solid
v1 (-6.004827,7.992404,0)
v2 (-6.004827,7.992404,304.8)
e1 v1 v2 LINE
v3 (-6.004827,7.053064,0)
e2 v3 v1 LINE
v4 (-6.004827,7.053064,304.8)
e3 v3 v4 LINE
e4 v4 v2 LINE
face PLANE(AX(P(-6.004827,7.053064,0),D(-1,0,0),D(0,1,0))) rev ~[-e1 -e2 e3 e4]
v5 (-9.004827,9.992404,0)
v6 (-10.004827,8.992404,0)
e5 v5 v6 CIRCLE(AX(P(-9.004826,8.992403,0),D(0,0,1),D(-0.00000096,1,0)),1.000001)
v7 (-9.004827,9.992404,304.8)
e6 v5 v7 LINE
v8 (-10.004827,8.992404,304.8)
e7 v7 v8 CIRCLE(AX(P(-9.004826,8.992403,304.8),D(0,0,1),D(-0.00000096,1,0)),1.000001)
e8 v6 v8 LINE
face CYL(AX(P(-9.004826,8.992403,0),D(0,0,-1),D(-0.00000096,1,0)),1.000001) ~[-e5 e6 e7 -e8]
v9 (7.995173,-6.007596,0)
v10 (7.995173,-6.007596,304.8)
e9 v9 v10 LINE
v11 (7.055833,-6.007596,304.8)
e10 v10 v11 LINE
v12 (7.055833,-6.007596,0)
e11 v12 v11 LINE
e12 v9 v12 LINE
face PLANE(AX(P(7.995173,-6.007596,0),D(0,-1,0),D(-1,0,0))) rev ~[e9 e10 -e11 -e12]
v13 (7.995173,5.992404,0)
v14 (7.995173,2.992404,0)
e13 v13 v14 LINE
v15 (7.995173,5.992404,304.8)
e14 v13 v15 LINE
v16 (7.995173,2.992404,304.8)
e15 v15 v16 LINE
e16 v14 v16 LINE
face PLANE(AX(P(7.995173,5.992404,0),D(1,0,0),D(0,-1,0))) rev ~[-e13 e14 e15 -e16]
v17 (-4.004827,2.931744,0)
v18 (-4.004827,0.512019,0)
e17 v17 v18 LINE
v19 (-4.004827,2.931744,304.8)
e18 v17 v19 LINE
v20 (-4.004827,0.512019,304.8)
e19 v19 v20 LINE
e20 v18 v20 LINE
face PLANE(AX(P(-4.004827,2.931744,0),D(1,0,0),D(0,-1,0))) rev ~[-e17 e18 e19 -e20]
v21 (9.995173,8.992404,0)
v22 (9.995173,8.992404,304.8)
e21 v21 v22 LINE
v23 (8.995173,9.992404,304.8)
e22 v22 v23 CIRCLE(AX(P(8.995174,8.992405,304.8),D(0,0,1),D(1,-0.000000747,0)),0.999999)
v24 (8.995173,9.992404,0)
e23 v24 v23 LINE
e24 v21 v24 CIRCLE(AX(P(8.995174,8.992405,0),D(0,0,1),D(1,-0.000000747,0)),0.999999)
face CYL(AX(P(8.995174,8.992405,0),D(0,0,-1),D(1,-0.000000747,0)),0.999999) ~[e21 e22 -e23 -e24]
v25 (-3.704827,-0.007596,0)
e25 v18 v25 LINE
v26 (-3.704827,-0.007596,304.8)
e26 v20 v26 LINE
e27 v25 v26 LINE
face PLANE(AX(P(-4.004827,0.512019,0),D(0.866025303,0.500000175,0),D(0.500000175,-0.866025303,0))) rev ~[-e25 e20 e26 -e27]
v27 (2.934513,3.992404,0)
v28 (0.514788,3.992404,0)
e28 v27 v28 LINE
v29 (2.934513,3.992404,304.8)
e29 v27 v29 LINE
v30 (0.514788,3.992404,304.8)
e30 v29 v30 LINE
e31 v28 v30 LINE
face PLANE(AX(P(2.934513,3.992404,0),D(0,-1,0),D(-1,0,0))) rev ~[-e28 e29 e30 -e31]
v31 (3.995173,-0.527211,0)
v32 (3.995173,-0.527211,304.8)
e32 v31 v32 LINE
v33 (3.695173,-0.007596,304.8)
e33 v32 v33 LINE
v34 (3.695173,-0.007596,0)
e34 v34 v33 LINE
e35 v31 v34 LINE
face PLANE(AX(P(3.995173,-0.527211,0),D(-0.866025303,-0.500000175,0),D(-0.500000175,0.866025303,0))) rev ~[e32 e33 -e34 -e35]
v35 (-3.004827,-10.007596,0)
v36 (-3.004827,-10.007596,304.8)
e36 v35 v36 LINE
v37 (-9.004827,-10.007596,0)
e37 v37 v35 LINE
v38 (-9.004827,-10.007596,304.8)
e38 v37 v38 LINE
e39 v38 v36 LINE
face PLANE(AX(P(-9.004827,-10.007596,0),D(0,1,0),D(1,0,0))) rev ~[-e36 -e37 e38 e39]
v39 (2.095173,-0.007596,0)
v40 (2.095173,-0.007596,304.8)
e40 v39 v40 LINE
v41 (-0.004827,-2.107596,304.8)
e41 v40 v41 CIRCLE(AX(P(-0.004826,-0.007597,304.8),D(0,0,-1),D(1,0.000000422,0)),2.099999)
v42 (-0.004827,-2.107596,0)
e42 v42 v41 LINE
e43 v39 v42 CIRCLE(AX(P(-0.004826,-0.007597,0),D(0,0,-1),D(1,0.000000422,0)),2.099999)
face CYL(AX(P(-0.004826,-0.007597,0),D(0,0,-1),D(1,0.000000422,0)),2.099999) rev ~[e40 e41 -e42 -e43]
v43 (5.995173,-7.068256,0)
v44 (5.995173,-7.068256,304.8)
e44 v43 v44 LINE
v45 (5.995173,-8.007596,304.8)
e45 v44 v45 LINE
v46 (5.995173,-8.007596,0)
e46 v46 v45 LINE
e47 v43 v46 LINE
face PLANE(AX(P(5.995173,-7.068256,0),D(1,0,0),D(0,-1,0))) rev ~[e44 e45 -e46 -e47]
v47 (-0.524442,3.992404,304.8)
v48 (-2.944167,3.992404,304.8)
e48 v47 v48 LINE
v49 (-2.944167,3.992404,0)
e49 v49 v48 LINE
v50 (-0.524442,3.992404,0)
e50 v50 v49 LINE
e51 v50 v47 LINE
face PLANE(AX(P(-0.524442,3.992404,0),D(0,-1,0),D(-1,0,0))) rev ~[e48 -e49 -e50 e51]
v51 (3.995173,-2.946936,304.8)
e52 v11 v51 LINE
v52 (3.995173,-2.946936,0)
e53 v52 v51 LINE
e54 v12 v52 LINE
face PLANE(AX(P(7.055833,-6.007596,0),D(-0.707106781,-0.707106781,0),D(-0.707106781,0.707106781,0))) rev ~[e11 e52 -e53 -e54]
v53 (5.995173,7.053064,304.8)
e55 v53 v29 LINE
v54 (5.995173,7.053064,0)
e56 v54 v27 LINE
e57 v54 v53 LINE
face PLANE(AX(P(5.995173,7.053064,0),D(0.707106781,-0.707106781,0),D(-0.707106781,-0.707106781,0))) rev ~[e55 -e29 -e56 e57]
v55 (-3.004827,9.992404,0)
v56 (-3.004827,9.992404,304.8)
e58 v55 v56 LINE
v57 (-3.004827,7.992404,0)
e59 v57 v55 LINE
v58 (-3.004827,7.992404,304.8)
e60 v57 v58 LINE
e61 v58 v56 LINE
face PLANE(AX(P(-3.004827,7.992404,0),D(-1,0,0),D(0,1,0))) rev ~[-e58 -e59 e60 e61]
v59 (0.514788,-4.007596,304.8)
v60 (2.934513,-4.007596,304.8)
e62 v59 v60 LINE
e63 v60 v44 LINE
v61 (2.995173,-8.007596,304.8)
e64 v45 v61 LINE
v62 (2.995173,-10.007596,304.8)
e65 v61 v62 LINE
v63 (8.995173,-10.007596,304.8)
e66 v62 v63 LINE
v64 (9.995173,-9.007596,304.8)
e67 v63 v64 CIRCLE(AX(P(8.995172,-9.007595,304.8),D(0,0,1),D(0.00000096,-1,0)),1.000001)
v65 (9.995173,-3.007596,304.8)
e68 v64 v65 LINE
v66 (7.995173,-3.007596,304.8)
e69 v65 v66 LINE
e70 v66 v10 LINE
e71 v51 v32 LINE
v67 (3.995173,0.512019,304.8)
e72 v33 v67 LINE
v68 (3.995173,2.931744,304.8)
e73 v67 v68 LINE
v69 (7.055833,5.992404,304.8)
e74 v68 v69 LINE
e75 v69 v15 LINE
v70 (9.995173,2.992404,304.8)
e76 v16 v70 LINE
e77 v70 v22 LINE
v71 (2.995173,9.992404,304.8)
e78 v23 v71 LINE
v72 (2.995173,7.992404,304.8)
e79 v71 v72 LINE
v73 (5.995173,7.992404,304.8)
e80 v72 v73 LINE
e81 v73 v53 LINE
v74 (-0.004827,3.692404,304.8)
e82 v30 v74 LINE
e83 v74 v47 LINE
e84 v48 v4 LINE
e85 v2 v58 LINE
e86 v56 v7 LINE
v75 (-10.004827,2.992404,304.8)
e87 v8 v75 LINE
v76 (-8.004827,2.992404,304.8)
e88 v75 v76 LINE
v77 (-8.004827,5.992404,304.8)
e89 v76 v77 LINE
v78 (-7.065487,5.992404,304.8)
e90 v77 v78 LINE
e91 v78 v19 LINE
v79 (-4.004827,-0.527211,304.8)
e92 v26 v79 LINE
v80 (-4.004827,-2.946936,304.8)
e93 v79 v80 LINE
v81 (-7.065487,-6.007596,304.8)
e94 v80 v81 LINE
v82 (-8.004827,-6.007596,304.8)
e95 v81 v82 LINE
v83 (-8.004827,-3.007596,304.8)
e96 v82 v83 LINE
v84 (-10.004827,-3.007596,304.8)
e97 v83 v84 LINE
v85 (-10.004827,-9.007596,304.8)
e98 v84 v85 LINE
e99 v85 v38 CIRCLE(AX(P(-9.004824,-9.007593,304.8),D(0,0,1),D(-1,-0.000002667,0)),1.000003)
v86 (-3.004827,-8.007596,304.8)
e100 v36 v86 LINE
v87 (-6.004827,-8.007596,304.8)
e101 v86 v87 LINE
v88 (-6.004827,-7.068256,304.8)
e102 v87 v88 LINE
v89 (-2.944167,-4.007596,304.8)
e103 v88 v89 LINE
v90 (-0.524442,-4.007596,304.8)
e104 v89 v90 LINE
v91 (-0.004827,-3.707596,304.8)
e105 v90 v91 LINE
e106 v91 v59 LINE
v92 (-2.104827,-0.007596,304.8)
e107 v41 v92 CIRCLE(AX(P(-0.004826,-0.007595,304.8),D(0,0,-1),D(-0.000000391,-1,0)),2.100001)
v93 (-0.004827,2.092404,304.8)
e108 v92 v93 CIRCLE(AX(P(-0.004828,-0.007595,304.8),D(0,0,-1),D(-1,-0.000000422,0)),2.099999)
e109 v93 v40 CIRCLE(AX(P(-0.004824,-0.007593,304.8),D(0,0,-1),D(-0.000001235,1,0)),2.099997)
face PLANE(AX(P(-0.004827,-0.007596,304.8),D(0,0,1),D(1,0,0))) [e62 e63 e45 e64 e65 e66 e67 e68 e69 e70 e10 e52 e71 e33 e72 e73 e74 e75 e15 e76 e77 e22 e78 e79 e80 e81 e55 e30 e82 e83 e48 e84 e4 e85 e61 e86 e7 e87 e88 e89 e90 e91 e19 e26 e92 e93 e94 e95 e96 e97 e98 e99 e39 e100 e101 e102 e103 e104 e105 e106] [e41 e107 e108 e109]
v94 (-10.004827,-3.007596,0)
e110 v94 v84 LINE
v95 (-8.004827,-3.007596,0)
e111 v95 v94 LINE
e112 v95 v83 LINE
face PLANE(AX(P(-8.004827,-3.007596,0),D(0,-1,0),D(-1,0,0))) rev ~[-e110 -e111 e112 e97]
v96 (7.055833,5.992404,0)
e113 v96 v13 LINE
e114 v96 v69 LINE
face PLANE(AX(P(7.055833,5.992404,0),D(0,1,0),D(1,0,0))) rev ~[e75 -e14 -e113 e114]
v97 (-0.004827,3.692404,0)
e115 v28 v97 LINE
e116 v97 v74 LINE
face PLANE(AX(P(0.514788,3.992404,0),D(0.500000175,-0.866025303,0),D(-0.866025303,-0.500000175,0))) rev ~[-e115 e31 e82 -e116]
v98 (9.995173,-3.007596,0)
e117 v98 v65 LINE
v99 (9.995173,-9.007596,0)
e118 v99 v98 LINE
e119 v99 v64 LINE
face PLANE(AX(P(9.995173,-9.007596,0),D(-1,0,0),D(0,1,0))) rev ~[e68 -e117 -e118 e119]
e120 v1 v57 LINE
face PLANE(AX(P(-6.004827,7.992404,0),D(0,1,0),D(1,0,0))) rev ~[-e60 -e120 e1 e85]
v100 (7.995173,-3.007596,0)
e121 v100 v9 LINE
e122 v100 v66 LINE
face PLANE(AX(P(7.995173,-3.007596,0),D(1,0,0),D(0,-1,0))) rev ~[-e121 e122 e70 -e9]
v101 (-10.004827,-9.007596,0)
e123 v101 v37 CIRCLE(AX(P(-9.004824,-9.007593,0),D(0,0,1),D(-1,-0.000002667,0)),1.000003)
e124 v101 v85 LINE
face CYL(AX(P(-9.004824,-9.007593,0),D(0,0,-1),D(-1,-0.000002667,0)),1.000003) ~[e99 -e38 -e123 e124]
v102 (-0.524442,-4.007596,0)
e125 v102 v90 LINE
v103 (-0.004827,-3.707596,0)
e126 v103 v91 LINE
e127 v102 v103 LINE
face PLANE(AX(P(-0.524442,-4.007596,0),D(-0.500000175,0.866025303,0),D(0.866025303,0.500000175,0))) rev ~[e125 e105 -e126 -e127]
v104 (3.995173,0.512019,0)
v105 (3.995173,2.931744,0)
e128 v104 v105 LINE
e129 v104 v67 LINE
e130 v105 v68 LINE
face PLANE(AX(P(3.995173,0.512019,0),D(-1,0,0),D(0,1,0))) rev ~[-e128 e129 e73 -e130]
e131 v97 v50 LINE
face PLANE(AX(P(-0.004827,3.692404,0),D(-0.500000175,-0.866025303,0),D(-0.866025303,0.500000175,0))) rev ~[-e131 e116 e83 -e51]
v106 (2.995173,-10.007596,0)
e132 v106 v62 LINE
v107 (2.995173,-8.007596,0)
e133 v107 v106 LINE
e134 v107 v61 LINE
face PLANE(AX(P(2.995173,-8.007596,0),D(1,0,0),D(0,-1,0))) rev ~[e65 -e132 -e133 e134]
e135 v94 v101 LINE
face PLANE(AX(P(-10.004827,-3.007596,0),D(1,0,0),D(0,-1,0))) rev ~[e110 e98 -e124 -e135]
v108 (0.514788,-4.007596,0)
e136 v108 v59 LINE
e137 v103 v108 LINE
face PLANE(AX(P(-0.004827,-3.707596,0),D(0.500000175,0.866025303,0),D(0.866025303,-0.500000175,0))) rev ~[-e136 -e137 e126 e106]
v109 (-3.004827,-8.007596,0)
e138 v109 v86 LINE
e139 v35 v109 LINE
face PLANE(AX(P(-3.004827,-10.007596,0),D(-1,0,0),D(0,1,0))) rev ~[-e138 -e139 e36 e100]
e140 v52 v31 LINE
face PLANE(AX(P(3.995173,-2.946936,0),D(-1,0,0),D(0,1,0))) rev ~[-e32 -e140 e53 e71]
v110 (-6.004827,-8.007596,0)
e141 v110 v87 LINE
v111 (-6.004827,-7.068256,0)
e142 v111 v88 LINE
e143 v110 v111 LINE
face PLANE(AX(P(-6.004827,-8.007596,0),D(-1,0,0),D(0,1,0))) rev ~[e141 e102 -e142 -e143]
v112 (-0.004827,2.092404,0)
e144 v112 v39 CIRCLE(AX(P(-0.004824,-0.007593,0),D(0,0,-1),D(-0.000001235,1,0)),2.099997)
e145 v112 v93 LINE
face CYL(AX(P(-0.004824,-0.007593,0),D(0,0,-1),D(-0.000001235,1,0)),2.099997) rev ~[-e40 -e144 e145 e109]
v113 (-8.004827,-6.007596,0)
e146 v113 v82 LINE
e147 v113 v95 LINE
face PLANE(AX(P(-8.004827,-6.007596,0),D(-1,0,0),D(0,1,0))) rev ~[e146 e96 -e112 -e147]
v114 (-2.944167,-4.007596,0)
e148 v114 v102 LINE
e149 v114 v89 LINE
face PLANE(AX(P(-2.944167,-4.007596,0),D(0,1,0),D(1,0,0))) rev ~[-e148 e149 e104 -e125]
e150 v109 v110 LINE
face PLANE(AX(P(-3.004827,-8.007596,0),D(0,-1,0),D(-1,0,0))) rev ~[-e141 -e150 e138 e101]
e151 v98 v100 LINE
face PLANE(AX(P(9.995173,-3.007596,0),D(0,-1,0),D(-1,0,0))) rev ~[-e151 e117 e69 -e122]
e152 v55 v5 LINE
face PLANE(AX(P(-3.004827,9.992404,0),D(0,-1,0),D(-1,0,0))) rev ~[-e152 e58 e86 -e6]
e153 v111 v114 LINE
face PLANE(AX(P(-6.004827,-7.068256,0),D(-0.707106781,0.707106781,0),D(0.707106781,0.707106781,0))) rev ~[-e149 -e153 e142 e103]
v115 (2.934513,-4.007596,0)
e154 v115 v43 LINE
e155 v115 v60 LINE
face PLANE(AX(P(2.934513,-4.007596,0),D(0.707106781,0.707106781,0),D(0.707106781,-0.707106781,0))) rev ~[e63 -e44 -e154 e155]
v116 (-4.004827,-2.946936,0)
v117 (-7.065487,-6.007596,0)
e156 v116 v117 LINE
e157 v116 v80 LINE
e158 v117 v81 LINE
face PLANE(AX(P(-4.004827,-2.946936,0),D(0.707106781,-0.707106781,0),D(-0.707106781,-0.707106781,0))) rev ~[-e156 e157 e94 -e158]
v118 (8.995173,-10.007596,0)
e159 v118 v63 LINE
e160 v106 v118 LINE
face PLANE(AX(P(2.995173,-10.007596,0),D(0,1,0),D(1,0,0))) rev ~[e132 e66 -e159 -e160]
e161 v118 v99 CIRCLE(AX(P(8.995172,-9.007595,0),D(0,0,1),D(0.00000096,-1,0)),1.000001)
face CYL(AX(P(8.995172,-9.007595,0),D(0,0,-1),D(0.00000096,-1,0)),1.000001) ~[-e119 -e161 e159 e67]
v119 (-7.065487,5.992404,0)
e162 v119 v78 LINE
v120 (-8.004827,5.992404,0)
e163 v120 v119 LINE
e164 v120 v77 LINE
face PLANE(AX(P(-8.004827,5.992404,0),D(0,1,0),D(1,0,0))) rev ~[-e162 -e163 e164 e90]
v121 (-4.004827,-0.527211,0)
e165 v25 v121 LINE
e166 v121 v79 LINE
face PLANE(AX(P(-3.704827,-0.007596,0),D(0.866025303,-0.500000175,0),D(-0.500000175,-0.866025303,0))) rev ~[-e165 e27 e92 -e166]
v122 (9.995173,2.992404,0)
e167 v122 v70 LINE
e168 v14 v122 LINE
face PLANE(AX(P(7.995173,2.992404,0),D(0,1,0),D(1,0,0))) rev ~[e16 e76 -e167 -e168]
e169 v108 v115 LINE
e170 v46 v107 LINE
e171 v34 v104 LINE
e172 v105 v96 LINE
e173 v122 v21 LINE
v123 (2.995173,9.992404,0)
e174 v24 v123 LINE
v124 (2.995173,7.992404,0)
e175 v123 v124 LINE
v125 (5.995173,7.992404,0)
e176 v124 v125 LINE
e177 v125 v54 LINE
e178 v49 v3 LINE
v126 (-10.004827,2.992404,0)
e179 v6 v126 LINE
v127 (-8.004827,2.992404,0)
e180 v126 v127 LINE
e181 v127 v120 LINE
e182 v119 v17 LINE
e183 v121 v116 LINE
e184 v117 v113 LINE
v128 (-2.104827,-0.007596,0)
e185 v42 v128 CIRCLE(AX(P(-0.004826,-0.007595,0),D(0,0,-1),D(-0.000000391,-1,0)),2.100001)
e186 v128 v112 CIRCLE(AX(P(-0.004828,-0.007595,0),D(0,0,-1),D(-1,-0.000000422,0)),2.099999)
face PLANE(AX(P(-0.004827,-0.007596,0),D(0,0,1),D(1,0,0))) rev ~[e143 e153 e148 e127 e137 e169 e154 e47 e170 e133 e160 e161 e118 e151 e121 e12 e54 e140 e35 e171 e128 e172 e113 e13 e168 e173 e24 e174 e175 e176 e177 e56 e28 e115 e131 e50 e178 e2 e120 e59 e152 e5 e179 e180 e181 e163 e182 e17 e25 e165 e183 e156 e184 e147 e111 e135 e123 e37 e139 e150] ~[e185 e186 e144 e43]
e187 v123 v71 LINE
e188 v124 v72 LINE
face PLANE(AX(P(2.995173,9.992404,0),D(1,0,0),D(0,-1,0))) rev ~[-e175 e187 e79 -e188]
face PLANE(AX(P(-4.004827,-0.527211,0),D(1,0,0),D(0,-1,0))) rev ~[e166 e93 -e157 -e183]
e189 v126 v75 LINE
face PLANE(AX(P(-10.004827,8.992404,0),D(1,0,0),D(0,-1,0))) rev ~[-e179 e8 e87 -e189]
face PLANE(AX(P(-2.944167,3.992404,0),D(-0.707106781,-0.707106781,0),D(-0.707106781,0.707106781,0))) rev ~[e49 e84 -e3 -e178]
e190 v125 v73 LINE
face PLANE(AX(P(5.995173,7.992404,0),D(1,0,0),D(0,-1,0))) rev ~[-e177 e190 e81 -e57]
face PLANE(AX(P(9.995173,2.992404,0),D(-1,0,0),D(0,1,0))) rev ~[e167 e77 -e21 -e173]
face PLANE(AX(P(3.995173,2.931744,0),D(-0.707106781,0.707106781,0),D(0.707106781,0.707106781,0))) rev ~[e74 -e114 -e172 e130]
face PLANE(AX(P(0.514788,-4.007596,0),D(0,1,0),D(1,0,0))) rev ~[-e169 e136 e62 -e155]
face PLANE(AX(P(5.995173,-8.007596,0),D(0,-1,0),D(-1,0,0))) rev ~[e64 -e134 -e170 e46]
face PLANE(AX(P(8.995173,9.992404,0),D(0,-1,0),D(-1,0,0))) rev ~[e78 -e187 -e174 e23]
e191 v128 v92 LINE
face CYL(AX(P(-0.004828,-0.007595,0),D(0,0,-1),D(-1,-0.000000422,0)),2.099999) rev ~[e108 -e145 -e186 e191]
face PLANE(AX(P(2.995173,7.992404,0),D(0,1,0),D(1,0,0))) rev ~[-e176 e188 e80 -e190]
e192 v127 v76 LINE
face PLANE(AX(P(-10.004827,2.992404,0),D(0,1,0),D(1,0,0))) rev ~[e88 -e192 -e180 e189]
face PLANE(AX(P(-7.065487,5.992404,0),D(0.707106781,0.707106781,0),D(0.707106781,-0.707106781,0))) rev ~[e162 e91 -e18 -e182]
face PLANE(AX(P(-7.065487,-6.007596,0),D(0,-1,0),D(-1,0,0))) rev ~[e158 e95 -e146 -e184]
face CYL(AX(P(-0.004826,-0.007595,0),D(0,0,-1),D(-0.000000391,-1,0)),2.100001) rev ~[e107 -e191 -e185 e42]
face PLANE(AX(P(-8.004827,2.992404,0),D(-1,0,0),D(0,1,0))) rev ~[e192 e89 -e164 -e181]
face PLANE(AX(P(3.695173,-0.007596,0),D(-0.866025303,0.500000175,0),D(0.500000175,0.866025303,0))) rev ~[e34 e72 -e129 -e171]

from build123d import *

# Parameters (mm, degrees)
F1_DEPTH = 304.8


with BuildPart() as f1:
    # F0 (on Top) → F1 (new body)
    with BuildSketch(Plane.XY):
        with BuildLine():
            Line((-8.004827, -6.007596), (-8.004827, -3.007596))
            Line((-8.004827, -3.007596), (-10.004827, -3.007596))
            Line((-10.004827, -3.007596), (-10.004827, -9.007596))
            ThreePointArc((-10.004827, -9.007596), (-9.711933, -9.714702), (-9.004827, -10.007596))
            Line((-9.004827, -10.007596), (-3.004827, -10.007596))
            Line((-3.004827, -10.007596), (-3.004827, -8.007596))
            Line((-3.004827, -8.007596), (-6.004827, -8.007596))
            Line((-6.004827, -8.007596), (-6.004827, -7.068256))
            Line((-6.004827, -7.068256), (-2.944167, -4.007596))
            Line((-2.944167, -4.007596), (-0.524442, -4.007596))
            Line((-0.524442, -4.007596), (-0.004827, -3.707596))
            Line((-0.004827, -3.707596), (0.514788, -4.007596))
            Line((0.514788, -4.007596), (2.934513, -4.007596))
            Line((2.934513, -4.007596), (5.995173, -7.068256))
            Line((5.995173, -7.068256), (5.995173, -8.007596))
            Line((5.995173, -8.007596), (2.995173, -8.007596))
            Line((2.995173, -8.007596), (2.995173, -10.007596))
            Line((2.995173, -10.007596), (8.995173, -10.007596))
            ThreePointArc((8.995173, -10.007596), (9.70228, -9.714702), (9.995173, -9.007596))
            Line((9.995173, -9.007596), (9.995173, -3.007596))
            Line((9.995173, -3.007596), (7.995173, -3.007596))
            Line((7.995173, -3.007596), (7.995173, -6.007596))
            Line((7.995173, -6.007596), (7.055833, -6.007596))
            Line((7.055833, -6.007596), (3.995173, -2.946936))
            Line((3.995173, -2.946936), (3.995173, -0.527211))
            Line((3.995173, -0.527211), (3.695173, -0.007596))
            Line((3.695173, -0.007596), (3.995173, 0.512019))
            Line((3.995173, 0.512019), (3.995173, 2.931744))
            Line((3.995173, 2.931744), (7.055833, 5.992404))
            Line((7.055833, 5.992404), (7.995173, 5.992404))
            Line((7.995173, 5.992404), (7.995173, 2.992404))
            Line((7.995173, 2.992404), (9.995173, 2.992404))
            Line((9.995173, 2.992404), (9.995173, 8.992404))
            ThreePointArc((9.995173, 8.992404), (9.70228, 9.699511), (8.995173, 9.992404))
            Line((8.995173, 9.992404), (2.995173, 9.992404))
            Line((2.995173, 9.992404), (2.995173, 7.992404))
            Line((2.995173, 7.992404), (5.995173, 7.992404))
            Line((5.995173, 7.992404), (5.995173, 7.053064))
            Line((5.995173, 7.053064), (2.934513, 3.992404))
            Line((2.934513, 3.992404), (0.514788, 3.992404))
            Line((0.514788, 3.992404), (-0.004827, 3.692404))
            Line((-0.004827, 3.692404), (-0.524442, 3.992404))
            Line((-0.524442, 3.992404), (-2.944167, 3.992404))
            Line((-2.944167, 3.992404), (-6.004827, 7.053064))
            Line((-6.004827, 7.053064), (-6.004827, 7.992404))
            Line((-6.004827, 7.992404), (-3.004827, 7.992404))
            Line((-3.004827, 7.992404), (-3.004827, 9.992404))
            Line((-3.004827, 9.992404), (-9.004827, 9.992404))
            ThreePointArc((-9.004827, 9.992404), (-9.711933, 9.699511), (-10.004827, 8.992404))
            Line((-10.004827, 8.992404), (-10.004827, 2.992404))
            Line((-10.004827, 2.992404), (-8.004827, 2.992404))
            Line((-8.004827, 2.992404), (-8.004827, 5.992404))
            Line((-8.004827, 5.992404), (-7.065487, 5.992404))
            Line((-7.065487, 5.992404), (-4.004827, 2.931744))
            Line((-4.004827, 2.931744), (-4.004827, 0.512019))
            Line((-4.004827, 0.512019), (-3.704827, -0.007596))
            Line((-3.704827, -0.007596), (-4.004827, -0.527211))
            Line((-4.004827, -0.527211), (-4.004827, -2.946936))
            Line((-4.004827, -2.946936), (-7.065487, -6.007596))
            Line((-7.065487, -6.007596), (-8.004827, -6.007596))
        make_face()
        with BuildLine():
            ThreePointArc((-0.004827, -2.107596), (-1.489751, -1.49252), (-2.104827, -0.007596))
            ThreePointArc((-2.104827, -0.007596), (-1.489751, 1.477329), (-0.004827, 2.092404))
            ThreePointArc((-0.004827, 2.092404), (1.480098, 1.477329), (2.095173, -0.007596))
            ThreePointArc((2.095173, -0.007596), (1.480098, -1.49252), (-0.004827, -2.107596))
        make_face(mode=Mode.SUBTRACT)
    extrude(amount=F1_DEPTH)


solid = f1.part
